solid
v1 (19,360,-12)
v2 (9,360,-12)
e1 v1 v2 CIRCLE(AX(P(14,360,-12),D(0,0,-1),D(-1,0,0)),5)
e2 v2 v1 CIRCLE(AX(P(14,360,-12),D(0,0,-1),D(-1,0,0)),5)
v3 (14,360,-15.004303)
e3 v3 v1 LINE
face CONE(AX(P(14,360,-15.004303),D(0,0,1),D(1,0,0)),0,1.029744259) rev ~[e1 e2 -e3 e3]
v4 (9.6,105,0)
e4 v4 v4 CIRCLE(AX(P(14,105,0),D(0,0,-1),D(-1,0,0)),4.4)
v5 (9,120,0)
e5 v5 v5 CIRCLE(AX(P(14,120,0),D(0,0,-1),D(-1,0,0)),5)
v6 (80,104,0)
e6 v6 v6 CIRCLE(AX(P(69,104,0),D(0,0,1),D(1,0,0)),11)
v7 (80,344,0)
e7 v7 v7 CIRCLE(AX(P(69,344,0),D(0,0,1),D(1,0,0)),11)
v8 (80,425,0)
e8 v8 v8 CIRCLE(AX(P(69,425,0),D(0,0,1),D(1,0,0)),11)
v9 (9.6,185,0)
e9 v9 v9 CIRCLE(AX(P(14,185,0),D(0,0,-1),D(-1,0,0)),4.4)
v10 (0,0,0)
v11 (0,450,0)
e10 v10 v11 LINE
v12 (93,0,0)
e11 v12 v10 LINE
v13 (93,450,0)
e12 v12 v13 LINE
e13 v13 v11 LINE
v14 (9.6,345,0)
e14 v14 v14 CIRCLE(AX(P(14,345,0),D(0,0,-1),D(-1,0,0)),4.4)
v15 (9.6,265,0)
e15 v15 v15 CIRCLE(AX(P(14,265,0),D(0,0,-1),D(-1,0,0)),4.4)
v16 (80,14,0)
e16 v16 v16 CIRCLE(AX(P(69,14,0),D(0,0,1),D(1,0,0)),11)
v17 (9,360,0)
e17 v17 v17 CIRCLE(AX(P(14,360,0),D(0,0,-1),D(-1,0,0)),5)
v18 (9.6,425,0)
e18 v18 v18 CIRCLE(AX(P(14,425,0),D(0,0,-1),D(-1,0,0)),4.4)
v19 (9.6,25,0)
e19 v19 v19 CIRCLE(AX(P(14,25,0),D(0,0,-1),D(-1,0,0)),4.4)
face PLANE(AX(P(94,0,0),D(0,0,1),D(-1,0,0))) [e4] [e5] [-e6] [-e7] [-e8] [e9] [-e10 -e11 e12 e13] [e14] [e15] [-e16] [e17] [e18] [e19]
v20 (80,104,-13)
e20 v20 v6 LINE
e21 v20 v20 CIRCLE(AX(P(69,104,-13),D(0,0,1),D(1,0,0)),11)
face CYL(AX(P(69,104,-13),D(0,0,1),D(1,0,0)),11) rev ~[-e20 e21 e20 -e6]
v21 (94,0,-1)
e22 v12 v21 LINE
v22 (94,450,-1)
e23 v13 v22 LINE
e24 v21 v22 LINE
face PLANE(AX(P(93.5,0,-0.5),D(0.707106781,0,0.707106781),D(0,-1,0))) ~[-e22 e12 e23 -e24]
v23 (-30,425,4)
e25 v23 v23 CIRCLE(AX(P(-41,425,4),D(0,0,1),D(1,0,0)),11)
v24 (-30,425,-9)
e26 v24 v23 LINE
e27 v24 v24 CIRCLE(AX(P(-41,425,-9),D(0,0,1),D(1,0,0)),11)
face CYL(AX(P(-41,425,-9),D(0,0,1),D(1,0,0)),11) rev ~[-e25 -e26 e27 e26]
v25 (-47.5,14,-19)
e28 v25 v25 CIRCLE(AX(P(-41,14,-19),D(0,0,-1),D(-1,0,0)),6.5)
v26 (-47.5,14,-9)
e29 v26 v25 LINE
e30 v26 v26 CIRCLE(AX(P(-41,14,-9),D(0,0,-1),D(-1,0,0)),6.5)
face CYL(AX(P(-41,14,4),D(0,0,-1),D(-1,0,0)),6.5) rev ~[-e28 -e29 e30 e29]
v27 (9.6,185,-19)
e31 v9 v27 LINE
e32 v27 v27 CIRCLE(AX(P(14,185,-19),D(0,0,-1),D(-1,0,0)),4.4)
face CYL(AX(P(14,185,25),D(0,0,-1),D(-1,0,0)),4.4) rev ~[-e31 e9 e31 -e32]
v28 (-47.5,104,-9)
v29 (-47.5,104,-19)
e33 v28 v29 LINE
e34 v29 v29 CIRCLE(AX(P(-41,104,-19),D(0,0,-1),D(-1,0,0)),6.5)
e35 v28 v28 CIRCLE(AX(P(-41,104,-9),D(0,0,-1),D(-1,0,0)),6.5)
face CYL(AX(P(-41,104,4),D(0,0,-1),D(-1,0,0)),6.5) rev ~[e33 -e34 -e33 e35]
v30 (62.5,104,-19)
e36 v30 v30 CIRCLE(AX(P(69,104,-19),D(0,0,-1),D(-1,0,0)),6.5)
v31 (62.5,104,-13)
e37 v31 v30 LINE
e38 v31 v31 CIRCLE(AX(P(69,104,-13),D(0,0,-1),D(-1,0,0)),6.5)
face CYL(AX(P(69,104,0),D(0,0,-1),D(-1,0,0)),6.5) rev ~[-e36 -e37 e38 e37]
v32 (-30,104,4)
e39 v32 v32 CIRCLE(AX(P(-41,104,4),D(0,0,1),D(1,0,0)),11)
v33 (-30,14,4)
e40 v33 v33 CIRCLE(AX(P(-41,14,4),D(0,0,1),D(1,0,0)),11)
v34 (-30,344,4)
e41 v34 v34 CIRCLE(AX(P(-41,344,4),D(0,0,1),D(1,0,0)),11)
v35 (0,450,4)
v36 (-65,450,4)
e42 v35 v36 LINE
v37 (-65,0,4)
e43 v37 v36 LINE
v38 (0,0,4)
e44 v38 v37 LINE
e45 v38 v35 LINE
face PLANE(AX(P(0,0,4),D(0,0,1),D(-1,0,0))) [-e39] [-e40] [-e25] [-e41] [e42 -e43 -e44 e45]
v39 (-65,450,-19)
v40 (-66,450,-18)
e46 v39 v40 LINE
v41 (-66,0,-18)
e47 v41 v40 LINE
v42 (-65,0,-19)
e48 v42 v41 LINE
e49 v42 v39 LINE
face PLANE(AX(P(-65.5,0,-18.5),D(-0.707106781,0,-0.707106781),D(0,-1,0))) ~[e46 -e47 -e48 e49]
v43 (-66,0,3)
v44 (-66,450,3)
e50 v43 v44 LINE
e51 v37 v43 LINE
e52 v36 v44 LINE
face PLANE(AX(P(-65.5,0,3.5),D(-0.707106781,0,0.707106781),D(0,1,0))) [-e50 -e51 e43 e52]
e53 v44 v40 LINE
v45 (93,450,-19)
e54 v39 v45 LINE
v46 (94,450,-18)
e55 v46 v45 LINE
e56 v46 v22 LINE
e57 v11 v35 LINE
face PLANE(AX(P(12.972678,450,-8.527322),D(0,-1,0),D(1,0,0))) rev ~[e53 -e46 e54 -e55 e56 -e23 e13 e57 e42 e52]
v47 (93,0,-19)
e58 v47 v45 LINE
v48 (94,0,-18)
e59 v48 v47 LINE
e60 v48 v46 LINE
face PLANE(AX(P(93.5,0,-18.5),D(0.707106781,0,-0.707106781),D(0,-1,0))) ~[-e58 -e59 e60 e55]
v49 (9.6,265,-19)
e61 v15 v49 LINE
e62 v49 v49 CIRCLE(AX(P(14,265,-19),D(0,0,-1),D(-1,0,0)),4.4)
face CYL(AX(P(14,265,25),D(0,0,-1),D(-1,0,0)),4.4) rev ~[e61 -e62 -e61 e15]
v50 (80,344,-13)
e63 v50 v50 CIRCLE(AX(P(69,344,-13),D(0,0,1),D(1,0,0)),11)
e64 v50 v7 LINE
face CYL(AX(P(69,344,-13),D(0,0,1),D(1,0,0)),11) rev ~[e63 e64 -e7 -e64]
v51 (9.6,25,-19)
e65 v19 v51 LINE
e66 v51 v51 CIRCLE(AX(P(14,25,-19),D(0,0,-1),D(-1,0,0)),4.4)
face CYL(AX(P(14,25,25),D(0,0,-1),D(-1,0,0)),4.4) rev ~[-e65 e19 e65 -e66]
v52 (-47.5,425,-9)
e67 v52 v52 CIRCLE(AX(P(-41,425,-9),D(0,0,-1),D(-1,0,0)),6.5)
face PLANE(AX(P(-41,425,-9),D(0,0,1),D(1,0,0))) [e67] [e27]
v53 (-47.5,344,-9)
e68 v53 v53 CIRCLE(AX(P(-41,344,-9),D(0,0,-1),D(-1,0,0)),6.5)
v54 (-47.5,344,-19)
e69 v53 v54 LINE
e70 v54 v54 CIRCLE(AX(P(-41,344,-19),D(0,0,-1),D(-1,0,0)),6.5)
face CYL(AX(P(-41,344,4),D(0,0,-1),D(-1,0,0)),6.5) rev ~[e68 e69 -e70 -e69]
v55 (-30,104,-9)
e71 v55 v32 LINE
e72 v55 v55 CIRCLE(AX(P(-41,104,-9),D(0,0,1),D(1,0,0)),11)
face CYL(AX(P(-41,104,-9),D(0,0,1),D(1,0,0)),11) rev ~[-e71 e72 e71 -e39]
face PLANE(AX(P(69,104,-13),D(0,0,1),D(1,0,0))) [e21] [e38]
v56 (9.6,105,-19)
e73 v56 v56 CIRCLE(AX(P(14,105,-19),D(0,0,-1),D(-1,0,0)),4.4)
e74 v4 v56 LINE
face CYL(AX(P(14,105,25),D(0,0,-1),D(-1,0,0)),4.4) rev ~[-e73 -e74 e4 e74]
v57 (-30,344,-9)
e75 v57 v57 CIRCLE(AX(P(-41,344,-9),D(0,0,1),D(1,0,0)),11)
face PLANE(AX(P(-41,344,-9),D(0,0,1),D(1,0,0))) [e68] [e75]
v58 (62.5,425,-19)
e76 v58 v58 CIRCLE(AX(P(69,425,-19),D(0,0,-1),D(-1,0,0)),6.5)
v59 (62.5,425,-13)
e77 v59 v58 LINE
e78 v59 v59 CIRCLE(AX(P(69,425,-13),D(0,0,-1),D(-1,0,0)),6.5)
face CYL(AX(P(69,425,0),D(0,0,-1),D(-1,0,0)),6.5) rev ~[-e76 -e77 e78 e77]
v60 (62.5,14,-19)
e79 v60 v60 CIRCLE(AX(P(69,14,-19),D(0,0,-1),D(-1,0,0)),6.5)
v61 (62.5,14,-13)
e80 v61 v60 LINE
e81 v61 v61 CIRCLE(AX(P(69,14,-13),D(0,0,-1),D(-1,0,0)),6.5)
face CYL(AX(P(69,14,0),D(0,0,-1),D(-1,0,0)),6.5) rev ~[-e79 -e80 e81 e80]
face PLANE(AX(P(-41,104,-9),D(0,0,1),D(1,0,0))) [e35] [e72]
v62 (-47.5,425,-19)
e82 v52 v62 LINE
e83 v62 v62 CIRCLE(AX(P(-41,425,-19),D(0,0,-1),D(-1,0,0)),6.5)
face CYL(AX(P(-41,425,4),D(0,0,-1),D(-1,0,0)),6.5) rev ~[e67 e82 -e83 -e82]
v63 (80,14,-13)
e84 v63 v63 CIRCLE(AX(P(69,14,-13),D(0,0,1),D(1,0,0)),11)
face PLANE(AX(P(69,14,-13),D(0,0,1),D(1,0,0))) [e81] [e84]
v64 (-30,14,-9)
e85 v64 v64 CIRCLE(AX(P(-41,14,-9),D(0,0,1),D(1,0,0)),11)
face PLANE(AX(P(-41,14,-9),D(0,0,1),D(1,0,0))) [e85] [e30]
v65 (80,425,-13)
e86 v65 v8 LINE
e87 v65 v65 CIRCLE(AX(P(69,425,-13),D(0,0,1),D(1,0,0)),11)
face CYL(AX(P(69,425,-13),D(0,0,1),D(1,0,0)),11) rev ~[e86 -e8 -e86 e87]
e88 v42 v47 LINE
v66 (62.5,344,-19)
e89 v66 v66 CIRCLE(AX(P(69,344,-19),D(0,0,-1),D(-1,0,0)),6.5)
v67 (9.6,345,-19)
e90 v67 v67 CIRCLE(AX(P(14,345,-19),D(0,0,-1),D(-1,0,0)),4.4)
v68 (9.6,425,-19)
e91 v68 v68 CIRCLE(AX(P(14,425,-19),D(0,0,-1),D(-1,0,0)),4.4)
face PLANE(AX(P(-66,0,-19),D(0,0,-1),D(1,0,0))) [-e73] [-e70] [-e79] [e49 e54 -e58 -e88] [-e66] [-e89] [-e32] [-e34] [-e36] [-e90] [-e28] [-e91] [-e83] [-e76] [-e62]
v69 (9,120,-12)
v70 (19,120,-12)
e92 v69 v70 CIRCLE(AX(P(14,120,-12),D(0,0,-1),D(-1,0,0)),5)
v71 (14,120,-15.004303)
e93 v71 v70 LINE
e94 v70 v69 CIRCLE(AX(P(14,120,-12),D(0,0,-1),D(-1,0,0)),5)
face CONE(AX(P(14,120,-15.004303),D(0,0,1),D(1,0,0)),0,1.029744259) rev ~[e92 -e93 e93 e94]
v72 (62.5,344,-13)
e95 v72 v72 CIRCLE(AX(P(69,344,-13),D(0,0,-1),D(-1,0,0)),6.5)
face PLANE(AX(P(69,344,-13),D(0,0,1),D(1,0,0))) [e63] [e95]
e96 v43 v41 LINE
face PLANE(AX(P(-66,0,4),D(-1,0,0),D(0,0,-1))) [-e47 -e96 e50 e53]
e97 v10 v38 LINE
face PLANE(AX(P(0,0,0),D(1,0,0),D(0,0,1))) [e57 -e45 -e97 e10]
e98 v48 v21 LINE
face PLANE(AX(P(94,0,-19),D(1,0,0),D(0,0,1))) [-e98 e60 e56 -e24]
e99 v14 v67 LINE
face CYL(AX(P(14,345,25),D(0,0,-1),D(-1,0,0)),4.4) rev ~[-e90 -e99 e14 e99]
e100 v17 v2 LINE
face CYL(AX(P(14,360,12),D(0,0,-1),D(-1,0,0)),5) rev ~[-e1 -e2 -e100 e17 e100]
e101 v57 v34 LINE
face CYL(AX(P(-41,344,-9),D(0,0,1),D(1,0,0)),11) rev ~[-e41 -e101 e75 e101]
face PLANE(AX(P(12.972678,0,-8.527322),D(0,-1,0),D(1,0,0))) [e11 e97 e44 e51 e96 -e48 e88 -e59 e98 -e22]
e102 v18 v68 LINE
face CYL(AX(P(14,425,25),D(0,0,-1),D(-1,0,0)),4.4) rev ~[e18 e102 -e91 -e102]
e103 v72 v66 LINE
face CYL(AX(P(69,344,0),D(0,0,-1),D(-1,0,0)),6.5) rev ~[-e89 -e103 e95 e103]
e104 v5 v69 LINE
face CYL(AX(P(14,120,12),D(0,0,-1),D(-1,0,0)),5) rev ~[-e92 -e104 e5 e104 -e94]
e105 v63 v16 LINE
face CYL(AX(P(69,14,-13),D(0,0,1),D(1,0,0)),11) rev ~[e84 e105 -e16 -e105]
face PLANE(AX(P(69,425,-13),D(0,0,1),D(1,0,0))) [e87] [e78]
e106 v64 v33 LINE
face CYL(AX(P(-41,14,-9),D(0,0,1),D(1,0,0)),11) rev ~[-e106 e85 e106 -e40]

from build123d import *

# Parameters (mm, degrees)
F1_DEPTH       = 450
F3_D           = 13
F3_DEPTH       = 25
F3_CBORE_D     = 22
F3_CBORE_DEPTH = 13
F3_TIP         = 3.9055940237
F5_D           = 13
F5_DEPTH       = 25
F5_CBORE_D     = 22
F5_CBORE_DEPTH = 13
F5_TIP         = 3.9055940237
F7_D           = 8.8
F7_DEPTH       = 25
F7_TIP         = 2.6437867237
F8_D           = 10
F8_DEPTH       = 12
F8_TIP         = 3.0043030951
F9_SIZE2       = 1
F9_SIZE        = 1


with BuildPart() as f1:
    # F0 (on Front) → F1 (new body)
    with BuildSketch(Plane.XZ):
        Polygon((94, 0), (0, 0), (0, 4), (-66, 4), (-66, -19), (94, -19), align=None)
    extrude(amount=-F1_DEPTH)

    # F3
    with Locations(Plane.XY.offset(4)):
        with Locations((-41, 425), (-41, 344), (-41, 104), (-41, 14)):
            CounterBoreHole(F3_D / 2, F3_CBORE_D / 2, F3_CBORE_DEPTH, depth=F3_DEPTH)
            with Locations((0, 0, -(F3_DEPTH + F3_TIP / 2))):  # 118° drill point
                Cone(0, F3_D / 2, F3_TIP, mode=Mode.SUBTRACT)

    # F5
    with Locations(Plane.XY):
        with Locations((69, 425), (69, 344), (69, 104), (69, 14)):
            CounterBoreHole(F5_D / 2, F5_CBORE_D / 2, F5_CBORE_DEPTH, depth=F5_DEPTH)
            with Locations((0, 0, -(F5_DEPTH + F5_TIP / 2))):  # 118° drill point
                Cone(0, F5_D / 2, F5_TIP, mode=Mode.SUBTRACT)

    # F7
    with Locations(Plane.XY):
        with Locations((14, 25), (14, 105), (14, 185), (14, 265), (14, 345), (14, 425)):
            Hole(F7_D / 2, depth=F7_DEPTH)
            with Locations((0, 0, -(F7_DEPTH + F7_TIP / 2))):  # 118° drill point
                Cone(0, F7_D / 2, F7_TIP, mode=Mode.SUBTRACT)

    # F8
    with Locations(Plane.XY):
        with Locations((14, 120), (14, 360)):
            Hole(F8_D / 2, depth=F8_DEPTH)
            with Locations((0, 0, -(F8_DEPTH + F8_TIP / 2))):  # 118° drill point
                Cone(0, F8_D / 2, F8_TIP, mode=Mode.SUBTRACT)

    # F9
    f9_edges = [f1.edges().sort_by_distance(p)[0] for p in [
        (94, 225, 0),
        (-66, 225, 4),
        (94, 225, -19),
        (-66, 225, -19),
    ]]
    chamfer(f9_edges, length=F9_SIZE, length2=F9_SIZE2)


solid = f1.part
